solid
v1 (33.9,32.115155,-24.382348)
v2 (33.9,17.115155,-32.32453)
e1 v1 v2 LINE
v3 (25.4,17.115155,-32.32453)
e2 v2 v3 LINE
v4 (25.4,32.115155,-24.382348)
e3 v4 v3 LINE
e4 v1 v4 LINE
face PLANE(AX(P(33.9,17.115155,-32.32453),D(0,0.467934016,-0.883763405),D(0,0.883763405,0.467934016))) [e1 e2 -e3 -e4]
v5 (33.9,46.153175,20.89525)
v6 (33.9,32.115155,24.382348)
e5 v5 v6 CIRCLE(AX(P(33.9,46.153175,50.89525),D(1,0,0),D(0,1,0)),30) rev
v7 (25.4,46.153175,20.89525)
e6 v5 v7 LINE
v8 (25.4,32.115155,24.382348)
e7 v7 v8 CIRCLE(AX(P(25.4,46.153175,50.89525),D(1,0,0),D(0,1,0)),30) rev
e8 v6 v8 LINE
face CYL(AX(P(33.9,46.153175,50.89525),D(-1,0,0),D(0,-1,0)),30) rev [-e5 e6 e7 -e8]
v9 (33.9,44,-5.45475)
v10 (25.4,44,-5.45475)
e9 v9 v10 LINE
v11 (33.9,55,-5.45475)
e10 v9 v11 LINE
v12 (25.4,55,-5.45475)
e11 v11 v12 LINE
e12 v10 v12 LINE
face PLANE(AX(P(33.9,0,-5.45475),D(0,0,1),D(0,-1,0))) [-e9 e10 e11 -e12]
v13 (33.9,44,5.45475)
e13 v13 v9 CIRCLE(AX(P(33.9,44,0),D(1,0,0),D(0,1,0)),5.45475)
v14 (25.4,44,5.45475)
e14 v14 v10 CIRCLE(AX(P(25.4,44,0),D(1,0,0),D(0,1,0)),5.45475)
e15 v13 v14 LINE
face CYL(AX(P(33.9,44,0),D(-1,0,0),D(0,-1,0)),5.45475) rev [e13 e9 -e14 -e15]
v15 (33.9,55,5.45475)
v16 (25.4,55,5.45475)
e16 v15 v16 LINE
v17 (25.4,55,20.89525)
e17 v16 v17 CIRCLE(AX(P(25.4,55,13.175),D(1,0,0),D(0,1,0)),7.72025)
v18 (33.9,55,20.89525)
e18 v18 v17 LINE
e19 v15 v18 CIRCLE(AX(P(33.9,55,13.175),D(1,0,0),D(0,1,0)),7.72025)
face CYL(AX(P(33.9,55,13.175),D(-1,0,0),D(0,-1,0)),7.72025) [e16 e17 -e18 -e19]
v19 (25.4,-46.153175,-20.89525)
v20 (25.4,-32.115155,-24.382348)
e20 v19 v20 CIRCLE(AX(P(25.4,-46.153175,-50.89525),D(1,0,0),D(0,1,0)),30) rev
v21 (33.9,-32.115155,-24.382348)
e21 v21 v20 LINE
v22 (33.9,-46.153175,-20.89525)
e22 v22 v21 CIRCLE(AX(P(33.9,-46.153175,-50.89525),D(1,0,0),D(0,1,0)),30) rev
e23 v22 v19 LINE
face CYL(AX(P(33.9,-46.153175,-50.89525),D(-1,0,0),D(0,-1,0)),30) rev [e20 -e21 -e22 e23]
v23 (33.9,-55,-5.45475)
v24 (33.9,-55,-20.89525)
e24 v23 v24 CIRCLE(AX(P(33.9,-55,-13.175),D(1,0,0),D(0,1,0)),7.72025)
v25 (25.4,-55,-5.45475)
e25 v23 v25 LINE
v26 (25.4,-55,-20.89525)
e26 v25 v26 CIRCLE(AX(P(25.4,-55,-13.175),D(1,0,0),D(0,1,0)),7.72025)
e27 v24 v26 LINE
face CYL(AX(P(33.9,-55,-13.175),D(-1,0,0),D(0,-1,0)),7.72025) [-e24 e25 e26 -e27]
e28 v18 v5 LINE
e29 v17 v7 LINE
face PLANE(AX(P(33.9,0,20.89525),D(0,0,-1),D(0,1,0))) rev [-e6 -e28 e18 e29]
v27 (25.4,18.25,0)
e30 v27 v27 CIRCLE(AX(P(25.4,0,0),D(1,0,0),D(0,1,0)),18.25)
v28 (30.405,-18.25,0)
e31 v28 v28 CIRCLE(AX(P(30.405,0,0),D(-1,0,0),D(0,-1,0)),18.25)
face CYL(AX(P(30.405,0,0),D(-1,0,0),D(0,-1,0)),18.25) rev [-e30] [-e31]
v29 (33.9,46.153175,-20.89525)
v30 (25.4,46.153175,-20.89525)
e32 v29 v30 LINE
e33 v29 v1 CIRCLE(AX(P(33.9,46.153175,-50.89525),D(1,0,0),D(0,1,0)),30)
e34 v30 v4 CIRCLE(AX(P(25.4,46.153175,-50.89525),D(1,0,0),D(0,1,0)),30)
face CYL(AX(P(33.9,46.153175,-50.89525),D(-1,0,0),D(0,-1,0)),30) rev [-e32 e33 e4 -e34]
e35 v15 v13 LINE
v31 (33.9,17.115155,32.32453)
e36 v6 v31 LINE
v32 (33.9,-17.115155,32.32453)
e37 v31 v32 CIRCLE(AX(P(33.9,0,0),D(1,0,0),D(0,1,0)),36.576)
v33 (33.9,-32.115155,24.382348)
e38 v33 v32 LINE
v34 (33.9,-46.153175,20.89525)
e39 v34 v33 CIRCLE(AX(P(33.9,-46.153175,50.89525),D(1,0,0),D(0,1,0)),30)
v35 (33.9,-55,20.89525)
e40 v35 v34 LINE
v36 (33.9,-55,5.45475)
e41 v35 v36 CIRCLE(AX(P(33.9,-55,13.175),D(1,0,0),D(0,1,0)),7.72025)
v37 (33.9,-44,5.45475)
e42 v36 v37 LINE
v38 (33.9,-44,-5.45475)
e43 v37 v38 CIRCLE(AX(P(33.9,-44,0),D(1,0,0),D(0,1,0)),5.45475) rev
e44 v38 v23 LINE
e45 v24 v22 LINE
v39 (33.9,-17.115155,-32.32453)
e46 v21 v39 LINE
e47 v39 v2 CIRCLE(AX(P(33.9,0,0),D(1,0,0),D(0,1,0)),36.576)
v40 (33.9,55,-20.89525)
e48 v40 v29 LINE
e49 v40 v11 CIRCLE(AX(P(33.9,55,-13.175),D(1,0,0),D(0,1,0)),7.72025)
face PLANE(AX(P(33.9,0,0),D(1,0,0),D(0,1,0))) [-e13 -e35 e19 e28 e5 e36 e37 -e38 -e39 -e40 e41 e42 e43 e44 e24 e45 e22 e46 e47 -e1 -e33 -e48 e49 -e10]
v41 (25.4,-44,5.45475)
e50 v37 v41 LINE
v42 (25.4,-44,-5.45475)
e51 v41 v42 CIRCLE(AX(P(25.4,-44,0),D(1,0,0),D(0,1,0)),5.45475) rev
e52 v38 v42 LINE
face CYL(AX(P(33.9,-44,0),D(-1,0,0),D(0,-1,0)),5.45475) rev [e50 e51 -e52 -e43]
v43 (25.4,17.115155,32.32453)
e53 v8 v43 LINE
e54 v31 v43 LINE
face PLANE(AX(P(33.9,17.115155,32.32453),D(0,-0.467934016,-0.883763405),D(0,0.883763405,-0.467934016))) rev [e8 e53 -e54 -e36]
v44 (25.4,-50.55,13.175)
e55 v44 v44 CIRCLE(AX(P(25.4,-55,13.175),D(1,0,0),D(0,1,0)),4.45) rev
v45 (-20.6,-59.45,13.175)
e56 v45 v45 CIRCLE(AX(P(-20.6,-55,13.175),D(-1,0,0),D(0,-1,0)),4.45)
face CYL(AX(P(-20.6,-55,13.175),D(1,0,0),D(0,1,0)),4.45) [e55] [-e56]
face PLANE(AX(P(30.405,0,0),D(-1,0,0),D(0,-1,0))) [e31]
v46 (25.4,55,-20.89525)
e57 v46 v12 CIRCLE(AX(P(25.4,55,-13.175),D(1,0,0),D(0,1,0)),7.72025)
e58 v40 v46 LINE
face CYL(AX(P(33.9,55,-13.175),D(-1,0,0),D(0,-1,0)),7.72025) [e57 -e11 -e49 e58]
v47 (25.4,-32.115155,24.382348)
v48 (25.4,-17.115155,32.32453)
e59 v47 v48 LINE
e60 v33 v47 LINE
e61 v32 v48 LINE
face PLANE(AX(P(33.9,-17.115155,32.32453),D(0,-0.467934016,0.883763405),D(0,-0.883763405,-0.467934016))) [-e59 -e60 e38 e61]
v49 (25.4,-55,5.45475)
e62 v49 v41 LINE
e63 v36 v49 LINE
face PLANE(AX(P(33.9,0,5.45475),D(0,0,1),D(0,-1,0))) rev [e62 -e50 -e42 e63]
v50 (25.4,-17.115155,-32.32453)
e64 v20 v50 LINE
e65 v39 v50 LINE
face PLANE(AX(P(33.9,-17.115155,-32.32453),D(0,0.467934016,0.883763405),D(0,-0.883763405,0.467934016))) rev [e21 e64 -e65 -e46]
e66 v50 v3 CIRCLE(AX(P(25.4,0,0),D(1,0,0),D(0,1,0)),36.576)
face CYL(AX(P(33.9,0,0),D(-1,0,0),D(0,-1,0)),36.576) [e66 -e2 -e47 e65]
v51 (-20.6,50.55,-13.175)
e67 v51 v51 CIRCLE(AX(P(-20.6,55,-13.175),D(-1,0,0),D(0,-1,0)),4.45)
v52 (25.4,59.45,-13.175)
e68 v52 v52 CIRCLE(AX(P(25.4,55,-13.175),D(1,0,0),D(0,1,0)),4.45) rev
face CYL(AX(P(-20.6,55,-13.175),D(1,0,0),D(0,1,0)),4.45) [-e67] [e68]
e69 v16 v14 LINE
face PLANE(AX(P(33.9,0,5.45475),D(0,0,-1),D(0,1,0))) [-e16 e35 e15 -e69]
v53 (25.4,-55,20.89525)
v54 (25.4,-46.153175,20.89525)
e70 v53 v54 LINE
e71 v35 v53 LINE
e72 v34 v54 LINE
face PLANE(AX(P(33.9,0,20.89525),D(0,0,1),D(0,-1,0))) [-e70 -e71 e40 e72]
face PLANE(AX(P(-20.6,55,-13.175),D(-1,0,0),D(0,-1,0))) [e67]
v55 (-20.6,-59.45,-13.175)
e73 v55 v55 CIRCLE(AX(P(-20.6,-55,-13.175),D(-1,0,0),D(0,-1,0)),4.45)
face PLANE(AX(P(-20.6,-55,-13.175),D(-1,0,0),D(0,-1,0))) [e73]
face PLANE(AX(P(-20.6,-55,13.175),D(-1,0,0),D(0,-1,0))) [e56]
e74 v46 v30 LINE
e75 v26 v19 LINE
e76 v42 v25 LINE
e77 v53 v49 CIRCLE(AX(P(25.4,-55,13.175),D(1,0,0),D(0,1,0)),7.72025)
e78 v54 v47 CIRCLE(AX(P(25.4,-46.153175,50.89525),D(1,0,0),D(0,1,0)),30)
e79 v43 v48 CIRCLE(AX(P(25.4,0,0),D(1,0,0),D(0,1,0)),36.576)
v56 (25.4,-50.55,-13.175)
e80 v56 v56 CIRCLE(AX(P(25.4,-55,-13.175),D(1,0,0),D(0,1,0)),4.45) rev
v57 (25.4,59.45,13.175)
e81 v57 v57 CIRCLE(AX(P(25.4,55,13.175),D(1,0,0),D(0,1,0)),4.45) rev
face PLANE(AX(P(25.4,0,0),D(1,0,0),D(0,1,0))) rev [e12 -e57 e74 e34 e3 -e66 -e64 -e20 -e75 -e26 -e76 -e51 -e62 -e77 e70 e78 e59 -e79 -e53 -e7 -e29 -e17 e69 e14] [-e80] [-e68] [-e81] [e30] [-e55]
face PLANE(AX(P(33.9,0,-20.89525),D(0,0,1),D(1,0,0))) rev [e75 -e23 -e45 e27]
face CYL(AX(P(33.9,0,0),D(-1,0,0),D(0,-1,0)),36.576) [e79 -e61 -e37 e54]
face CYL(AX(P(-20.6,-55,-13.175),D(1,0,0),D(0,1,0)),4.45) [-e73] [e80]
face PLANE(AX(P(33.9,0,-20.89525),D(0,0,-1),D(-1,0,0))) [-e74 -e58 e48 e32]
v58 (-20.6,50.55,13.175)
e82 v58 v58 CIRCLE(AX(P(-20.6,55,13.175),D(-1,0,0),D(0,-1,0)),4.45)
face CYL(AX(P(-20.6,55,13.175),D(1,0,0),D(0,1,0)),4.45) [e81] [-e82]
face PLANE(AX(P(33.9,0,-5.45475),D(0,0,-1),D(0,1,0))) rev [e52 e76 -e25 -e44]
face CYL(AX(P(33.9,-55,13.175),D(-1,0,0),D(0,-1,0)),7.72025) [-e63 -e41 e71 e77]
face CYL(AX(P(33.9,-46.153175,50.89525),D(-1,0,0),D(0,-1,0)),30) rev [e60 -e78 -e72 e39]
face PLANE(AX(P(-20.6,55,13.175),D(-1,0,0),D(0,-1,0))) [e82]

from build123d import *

# Parameters (mm, degrees)
SKETCH1_W           = 17.145
SKETCH1_H           = 18.25
SKETCH2_R           = 3.71475
CUT_EXTRUDE1_DEPTH  = 8.5725
SKETCH3_R           = 18.25
BOSS_EXTRUDE1_DEPTH = 8.5
SKETCH4_R           = 4.45
BOSS_EXTRUDE2_DEPTH = 46
SKETCH5_R           = 18.25
CUT_EXTRUDE2_DEPTH  = 22.15


with BuildPart() as part:
    # Sketch1 → Revolve1 (revolve)
    with BuildSketch(Plane.XY):
        with Locations((16.8275, 9.125)):
            Rectangle(SKETCH1_W, SKETCH1_H)
    revolve(axis=Axis((8.255, 0, 0), (1, 0, 0)))

    # Sketch2 → Cut-Extrude1 (cut)
    with BuildSketch(Plane.ZY.offset(-8.255)):
        Circle(SKETCH2_R)
    extrude(amount=-CUT_EXTRUDE1_DEPTH, mode=Mode.SUBTRACT)


with BuildPart() as body_2:
    # Sketch3 → Boss-Extrude1 (new body)
    with BuildSketch(Plane(origin=(25.4, 0, 0), x_dir=(0, 0, -1), z_dir=(1, 0, 0))):
        with BuildLine():
            Line((-24.382347836, 32.115154563), (-32.324530318, 17.115154563))
            ThreePointArc((-32.324530318, 17.115154563), (-36.576, 0), (-32.324530318, -17.115154563))
            Line((-32.324530318, -17.115154563), (-24.382347836, -32.115154563))
            ThreePointArc((-24.382347836, -32.115154563), (-21.780072988, -38.920854003), (-20.89525, -46.153175037))
            Line((-20.89525, -46.153175037), (-20.89525, -55))
            ThreePointArc((-20.89525, -55), (-13.175, -62.72025), (-5.45475, -55))
            Line((-5.45475, -55), (-5.45475, -44))
            ThreePointArc((-5.45475, -44), (0, -38.54525), (5.45475, -44))
            Line((5.45475, -44), (5.45475, -55))
            ThreePointArc((5.45475, -55), (13.175, -62.72025), (20.89525, -55))
            Line((20.89525, -55), (20.89525, -46.153175037))
            ThreePointArc((20.89525, -46.153175037), (21.780072988, -38.920854003), (24.382347836, -32.115154563))
            Line((24.382347836, -32.115154563), (32.324530318, -17.115154563))
            ThreePointArc((32.324530318, -17.115154563), (36.576, 0), (32.324530318, 17.115154563))
            Line((32.324530318, 17.115154563), (24.382347836, 32.115154563))
            ThreePointArc((24.382347836, 32.115154563), (21.780072988, 38.920854003), (20.89525, 46.153175037))
            Line((20.89525, 46.153175037), (20.89525, 55))
            ThreePointArc((20.89525, 55), (13.175, 62.72025), (5.45475, 55))
            Line((5.45475, 55), (5.45475, 44))
            ThreePointArc((5.45475, 44), (0, 38.54525), (-5.45475, 44))
            Line((-5.45475, 44), (-5.45475, 55))
            ThreePointArc((-5.45475, 55), (-13.175, 62.72025), (-20.89525, 55))
            Line((-20.89525, 55), (-20.89525, 46.153175037))
            ThreePointArc((-20.89525, 46.153175037), (-21.780072988, 38.920854003), (-24.382347836, 32.115154563))
        make_face()
        Circle(SKETCH3_R, mode=Mode.SUBTRACT)
        Circle(SKETCH3_R)
    extrude(amount=BOSS_EXTRUDE1_DEPTH)

    # Sketch4 → Boss-Extrude2 (add)
    with BuildSketch(Plane.ZY.offset(-25.4)):
        with Locations((-13.175, 55)):
            Circle(SKETCH4_R)
        with Locations((13.175, -55)):
            Circle(SKETCH4_R)
        with Locations((13.175, 55)):
            Circle(SKETCH4_R)
        with Locations((-13.175, -55)):
            Circle(SKETCH4_R)
    extrude(amount=BOSS_EXTRUDE2_DEPTH)


with BuildPart() as cut_extrude2_tool:
    # Sketch5 → Cut-Extrude2 (new body)
    with BuildSketch(Plane.ZY.offset(-8.255)):
        Circle(SKETCH5_R)
    extrude(amount=-CUT_EXTRUDE2_DEPTH)


with BuildPart() as part_1:
    add(part.part)

    # Cut-Extrude2: cut by cut_extrude2_tool
    add(cut_extrude2_tool.part, mode=Mode.SUBTRACT)


with BuildPart() as body_2_1:
    add(body_2.part)

    # Cut-Extrude2: cut by cut_extrude2_tool
    add(cut_extrude2_tool.part, mode=Mode.SUBTRACT)


solid = body_2_1.part
